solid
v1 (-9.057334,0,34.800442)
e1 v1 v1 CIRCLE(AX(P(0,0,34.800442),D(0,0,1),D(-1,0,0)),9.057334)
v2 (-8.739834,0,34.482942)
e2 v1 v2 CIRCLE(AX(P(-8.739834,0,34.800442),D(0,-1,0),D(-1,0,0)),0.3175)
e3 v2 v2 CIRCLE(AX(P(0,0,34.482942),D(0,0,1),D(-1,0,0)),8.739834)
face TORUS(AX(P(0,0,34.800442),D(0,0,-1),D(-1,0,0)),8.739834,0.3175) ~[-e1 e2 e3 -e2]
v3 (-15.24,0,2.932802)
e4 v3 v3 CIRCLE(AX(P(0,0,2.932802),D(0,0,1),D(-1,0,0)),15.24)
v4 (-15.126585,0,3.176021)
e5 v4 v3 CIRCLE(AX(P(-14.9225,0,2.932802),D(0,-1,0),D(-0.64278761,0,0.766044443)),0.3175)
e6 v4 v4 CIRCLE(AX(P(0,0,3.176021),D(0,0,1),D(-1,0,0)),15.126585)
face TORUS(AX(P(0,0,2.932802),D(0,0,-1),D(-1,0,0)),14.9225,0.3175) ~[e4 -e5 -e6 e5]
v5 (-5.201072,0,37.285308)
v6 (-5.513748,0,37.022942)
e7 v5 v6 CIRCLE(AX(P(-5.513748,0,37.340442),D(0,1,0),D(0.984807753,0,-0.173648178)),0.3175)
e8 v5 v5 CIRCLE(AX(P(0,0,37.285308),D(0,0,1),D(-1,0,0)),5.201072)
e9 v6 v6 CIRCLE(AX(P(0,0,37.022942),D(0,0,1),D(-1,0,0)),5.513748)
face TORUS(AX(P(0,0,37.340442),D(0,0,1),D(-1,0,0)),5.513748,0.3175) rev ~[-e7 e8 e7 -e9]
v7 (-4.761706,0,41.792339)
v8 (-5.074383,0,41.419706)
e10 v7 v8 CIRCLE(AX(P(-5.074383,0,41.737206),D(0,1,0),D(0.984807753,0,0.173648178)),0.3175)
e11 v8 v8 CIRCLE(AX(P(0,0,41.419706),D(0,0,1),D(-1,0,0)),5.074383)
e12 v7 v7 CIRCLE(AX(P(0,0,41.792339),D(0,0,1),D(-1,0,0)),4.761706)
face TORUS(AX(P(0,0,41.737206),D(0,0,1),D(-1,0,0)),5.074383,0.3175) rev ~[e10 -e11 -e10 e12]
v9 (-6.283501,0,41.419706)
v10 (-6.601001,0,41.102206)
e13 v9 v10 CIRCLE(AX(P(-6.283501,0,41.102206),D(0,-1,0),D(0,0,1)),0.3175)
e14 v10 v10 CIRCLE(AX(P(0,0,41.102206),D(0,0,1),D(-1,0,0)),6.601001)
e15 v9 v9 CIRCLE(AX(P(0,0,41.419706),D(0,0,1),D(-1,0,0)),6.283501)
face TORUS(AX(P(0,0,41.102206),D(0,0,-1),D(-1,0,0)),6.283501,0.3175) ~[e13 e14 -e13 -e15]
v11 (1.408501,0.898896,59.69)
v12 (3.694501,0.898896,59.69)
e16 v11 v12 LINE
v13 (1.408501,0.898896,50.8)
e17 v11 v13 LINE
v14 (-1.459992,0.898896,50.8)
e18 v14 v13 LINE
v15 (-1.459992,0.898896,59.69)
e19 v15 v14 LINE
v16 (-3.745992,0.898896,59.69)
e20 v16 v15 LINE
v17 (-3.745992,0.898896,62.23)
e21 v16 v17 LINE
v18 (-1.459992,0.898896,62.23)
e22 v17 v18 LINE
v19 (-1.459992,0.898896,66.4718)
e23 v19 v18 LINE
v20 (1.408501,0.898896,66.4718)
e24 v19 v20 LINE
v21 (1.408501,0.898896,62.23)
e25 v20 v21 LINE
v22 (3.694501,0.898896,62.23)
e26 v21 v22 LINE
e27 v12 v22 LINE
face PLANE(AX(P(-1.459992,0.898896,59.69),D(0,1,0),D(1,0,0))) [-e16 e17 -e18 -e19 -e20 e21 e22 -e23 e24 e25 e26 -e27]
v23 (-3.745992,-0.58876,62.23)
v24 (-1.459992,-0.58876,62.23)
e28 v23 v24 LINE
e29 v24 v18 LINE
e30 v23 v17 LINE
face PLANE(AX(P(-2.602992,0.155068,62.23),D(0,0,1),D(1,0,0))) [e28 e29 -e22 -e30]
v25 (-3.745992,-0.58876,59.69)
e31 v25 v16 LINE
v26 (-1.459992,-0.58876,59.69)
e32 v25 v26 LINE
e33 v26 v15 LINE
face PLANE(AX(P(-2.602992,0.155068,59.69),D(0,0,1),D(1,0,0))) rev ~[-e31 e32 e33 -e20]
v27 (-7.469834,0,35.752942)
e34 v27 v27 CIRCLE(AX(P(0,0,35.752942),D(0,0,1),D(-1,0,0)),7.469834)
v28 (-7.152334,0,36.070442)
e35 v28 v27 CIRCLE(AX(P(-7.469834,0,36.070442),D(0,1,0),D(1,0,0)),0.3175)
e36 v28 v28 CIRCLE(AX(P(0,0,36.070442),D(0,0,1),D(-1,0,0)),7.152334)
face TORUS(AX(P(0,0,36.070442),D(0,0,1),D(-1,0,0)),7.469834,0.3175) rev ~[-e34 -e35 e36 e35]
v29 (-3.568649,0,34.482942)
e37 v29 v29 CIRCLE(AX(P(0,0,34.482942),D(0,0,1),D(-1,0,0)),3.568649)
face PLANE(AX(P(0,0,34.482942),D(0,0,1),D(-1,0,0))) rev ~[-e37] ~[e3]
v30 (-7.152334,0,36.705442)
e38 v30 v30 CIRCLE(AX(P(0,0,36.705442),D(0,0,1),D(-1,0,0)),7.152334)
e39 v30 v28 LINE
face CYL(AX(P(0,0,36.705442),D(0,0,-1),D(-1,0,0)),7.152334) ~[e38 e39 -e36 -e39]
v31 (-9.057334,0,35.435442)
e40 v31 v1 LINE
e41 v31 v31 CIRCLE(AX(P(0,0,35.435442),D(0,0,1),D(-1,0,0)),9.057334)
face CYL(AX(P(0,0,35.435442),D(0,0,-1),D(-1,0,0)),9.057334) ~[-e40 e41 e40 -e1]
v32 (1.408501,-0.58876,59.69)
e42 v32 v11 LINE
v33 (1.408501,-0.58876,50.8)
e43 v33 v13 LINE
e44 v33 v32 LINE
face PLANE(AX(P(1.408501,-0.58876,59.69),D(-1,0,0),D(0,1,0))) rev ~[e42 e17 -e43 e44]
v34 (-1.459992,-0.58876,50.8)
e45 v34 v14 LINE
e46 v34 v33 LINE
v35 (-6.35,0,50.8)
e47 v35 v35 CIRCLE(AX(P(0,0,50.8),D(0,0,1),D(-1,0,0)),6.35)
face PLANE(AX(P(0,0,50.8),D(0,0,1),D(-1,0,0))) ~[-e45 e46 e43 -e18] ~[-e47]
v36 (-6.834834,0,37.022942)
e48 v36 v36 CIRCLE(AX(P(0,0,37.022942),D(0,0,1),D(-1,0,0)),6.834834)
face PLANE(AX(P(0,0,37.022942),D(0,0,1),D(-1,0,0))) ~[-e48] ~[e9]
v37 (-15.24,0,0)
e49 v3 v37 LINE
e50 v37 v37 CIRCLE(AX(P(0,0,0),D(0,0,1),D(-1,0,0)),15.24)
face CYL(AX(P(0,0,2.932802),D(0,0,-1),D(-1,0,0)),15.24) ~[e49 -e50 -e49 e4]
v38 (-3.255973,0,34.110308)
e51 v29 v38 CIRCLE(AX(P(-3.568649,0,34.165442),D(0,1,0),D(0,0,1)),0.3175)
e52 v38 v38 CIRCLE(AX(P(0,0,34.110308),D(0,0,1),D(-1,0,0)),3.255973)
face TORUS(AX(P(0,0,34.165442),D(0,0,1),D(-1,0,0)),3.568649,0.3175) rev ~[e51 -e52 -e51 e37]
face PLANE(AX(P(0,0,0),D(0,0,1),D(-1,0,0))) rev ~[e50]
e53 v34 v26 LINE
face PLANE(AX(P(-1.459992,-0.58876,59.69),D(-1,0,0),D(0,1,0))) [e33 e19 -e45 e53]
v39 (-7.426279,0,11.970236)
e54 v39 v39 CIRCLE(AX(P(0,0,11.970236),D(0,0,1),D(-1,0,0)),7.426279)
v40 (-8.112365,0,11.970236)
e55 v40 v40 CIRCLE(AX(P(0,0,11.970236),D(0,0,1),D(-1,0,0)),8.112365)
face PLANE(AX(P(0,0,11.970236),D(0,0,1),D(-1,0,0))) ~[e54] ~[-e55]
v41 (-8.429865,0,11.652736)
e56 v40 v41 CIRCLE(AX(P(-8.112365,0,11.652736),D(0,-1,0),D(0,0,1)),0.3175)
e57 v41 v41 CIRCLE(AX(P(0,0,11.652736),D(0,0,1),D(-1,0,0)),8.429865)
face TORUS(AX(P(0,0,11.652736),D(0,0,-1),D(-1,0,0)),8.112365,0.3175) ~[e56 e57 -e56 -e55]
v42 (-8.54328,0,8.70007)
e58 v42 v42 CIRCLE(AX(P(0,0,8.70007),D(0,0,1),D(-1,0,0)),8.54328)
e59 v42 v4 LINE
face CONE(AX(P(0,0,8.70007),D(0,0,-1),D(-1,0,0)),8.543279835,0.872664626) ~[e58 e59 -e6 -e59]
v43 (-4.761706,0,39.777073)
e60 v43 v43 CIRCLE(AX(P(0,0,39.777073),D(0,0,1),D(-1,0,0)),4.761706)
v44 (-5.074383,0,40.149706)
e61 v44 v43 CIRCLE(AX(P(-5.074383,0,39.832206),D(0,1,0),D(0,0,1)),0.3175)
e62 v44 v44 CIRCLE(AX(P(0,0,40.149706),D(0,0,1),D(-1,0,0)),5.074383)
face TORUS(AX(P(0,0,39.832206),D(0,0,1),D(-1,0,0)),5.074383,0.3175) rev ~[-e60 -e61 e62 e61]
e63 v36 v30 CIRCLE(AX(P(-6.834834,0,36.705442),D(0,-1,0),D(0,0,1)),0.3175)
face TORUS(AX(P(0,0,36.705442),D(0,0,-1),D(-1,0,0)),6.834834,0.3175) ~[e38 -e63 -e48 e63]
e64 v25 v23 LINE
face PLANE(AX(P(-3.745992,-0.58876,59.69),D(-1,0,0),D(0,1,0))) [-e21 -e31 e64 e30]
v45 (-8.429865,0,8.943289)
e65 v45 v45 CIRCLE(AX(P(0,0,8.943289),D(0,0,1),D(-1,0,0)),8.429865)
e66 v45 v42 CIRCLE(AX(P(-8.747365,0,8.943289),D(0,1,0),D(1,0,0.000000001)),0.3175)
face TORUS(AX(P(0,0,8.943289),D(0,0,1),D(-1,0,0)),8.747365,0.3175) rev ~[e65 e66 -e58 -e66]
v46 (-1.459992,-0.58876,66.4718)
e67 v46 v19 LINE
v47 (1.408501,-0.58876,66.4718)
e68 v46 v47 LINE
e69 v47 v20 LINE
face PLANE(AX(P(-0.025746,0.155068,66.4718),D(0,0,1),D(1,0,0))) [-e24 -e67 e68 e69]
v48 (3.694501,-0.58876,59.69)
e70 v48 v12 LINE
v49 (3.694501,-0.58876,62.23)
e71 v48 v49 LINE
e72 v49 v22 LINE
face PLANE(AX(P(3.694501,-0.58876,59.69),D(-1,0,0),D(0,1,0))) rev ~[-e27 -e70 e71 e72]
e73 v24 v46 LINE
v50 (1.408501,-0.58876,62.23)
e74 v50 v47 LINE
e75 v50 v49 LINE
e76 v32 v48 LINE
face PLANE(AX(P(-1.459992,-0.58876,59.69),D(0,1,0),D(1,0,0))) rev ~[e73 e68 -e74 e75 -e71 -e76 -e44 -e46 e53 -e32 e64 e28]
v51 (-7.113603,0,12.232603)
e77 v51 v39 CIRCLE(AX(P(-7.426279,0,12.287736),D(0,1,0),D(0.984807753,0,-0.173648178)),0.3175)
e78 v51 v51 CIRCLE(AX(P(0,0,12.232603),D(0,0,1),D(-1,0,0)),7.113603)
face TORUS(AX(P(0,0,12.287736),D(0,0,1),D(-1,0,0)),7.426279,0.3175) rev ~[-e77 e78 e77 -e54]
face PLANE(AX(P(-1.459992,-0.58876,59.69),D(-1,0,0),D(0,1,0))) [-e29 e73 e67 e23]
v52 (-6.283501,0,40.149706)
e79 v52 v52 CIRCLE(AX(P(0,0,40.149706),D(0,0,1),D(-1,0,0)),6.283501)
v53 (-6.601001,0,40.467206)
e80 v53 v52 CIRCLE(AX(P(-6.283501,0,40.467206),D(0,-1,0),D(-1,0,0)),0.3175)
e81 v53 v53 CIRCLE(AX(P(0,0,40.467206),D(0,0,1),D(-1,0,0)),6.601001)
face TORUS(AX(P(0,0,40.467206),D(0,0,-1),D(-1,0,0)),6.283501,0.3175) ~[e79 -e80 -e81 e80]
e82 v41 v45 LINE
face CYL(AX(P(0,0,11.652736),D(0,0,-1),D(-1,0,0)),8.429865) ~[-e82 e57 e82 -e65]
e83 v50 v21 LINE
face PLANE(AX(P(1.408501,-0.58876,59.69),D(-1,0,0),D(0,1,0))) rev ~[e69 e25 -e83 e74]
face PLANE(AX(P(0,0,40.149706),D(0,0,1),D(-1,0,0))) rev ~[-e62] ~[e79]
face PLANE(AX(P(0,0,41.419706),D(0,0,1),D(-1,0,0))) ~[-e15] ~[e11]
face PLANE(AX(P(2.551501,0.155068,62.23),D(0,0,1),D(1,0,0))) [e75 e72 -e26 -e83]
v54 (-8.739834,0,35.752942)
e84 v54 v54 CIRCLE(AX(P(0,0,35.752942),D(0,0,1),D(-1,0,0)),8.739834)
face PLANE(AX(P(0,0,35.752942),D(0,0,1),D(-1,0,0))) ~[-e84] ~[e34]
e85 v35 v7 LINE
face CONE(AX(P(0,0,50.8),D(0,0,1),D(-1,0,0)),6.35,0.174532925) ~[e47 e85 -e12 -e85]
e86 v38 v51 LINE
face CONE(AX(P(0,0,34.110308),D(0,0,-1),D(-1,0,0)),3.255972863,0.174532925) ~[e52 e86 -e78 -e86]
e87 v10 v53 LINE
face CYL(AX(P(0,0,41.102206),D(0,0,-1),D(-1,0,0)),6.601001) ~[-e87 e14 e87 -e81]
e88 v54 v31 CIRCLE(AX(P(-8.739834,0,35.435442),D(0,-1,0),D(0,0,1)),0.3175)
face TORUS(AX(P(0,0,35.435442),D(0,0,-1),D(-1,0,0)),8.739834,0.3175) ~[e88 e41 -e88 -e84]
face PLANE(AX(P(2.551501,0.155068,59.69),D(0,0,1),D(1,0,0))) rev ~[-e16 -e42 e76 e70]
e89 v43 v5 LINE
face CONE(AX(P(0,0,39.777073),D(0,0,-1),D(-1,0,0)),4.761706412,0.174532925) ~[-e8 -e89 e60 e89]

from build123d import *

# Parameters (mm, degrees)
F2_W     = 2.8684928548
F2_H     = 1.4876559726
F3_DEPTH = 8.89
F4_W     = 2.8684928548
F4_H     = 1.4876559726
F5_DEPTH = 6.7818
F4_W_2   = 2.286
F6_DEPTH = 2.54


with BuildPart() as f1:
    # F0 (on Front) → F1 (revolve)
    with BuildSketch(Plane.XZ):
        with BuildLine():
            Line((-15.24, 0), (0, 0))
            Line((0, 0), (0, 50.8))
            Line((0, 50.8), (-6.35, 50.8))
            Line((-6.35, 50.8), (-4.7617064118, 41.792339449))
            ThreePointArc((-4.7617064118, 41.792339449), (-4.8311637627, 41.5331210865), (-5.0743828734, 41.4197061526))
            Line((-5.0743828734, 41.4197061526), (-6.2835011077, 41.4197061526))
            ThreePointArc((-6.2835011077, 41.4197061526), (-6.5080075107, 41.3267125556), (-6.6010011077, 41.1022061526))
            Line((-6.6010011077, 41.1022061526), (-6.6010011077, 40.4672061526))
            ThreePointArc((-6.6010011077, 40.4672061526), (-6.5080075107, 40.2426997495), (-6.2835011077, 40.1497061526))
            Line((-6.2835011077, 40.1497061526), (-5.0743828734, 40.1497061526))
            ThreePointArc((-5.0743828734, 40.1497061526), (-4.8311637627, 40.0362912186), (-4.7617064118, 39.7770728561))
            Line((-4.7617064118, 39.7770728561), (-5.2010717431, 37.2853082403))
            ThreePointArc((-5.2010717431, 37.2853082403), (-5.3096631386, 37.0972224261), (-5.5137482047, 37.0229415367))
            Line((-5.5137482047, 37.0229415367), (-6.8348340718, 37.0229415367))
            ThreePointArc((-6.8348340718, 37.0229415367), (-7.0593404748, 36.9299479398), (-7.1523340718, 36.7054415367))
            Line((-7.1523340718, 36.7054415367), (-7.1523340718, 36.0704415367))
            ThreePointArc((-7.1523340718, 36.0704415367), (-7.2453276688, 35.8459351337), (-7.4698340718, 35.7529415367))
            Line((-7.4698340718, 35.7529415367), (-8.7398340718, 35.7529415367))
            ThreePointArc((-8.7398340718, 35.7529415367), (-8.9643404748, 35.6599479398), (-9.0573340718, 35.4354415367))
            Line((-9.0573340718, 35.4354415367), (-9.0573340718, 34.8004415367))
            ThreePointArc((-9.0573340718, 34.8004415367), (-8.9643404748, 34.5759351337), (-8.7398340718, 34.4829415367))
            Line((-8.7398340718, 34.4829415367), (-3.5686493249, 34.4829415367))
            ThreePointArc((-3.5686493249, 34.4829415367), (-3.3254302142, 34.3695266028), (-3.2559728633, 34.1103082403))
            Line((-3.2559728633, 34.1103082403), (-7.113602572, 12.2326030065))
            ThreePointArc((-7.113602572, 12.2326030065), (-7.2221939675, 12.0445171922), (-7.4262790336, 11.9702363029))
            Line((-7.4262790336, 11.9702363029), (-8.1123649007, 11.9702363029))
            ThreePointArc((-8.1123649007, 11.9702363029), (-8.3368713037, 11.8772427059), (-8.4298649007, 11.6527363029))
            Line((-8.4298649007, 11.6527363029), (-8.4298649007, 8.9432889844))
            ThreePointArc((-8.4298649007, 8.9432889844), (-8.4596121783, 8.8091076862), (-8.5432798346, 8.7000698737))
            Line((-8.5432798346, 8.7000698737), (-15.1265850661, 3.176020882))
            ThreePointArc((-15.1265850661, 3.176020882), (-15.2102527224, 3.0669830694), (-15.24, 2.9328017713))
            Line((-15.24, 2.9328017713), (-15.24, 0))
        make_face()
    revolve(axis=Axis((0, 0, 25.4), (0, 0, 1)))

    # F2 (on face) → F3 (join)
    with BuildSketch(Plane.XY.offset(50.8)):
        with Locations((-0.0257457141, 0.1550679153)):
            Rectangle(F2_W, F2_H)
    extrude(amount=F3_DEPTH)

    # F4 (on face) → F5 (join)
    with BuildSketch(Plane.XY.offset(59.69)):
        with Locations((-0.0257457141, 0.1550679153)):
            Rectangle(F4_W, F4_H)
    extrude(amount=F5_DEPTH)

    # F4 (on face) → F6 (join)
    with BuildSketch(Plane.XY.offset(59.69)):
        with Locations((2.5515007133, 0.1550679153)):
            Rectangle(F4_W_2, F4_H)
        with Locations((-2.6029921415, 0.1550679153)):
            Rectangle(F4_W_2, F4_H)
    extrude(amount=F6_DEPTH)

    # F0 (on Front) → F7 (revolve)
    with BuildSketch(Plane.XZ):
        with BuildLine():
            Line((-15.24, 0), (0, 0))
            Line((0, 0), (0, 50.8))
            Line((0, 50.8), (-6.35, 50.8))
            Line((-6.35, 50.8), (-4.7617064118, 41.792339449))
            ThreePointArc((-4.7617064118, 41.792339449), (-4.8311637627, 41.5331210865), (-5.0743828734, 41.4197061526))
            Line((-5.0743828734, 41.4197061526), (-6.2835011077, 41.4197061526))
            ThreePointArc((-6.2835011077, 41.4197061526), (-6.5080075107, 41.3267125556), (-6.6010011077, 41.1022061526))
            Line((-6.6010011077, 41.1022061526), (-6.6010011077, 40.4672061526))
            ThreePointArc((-6.6010011077, 40.4672061526), (-6.5080075107, 40.2426997495), (-6.2835011077, 40.1497061526))
            Line((-6.2835011077, 40.1497061526), (-5.0743828734, 40.1497061526))
            ThreePointArc((-5.0743828734, 40.1497061526), (-4.8311637627, 40.0362912186), (-4.7617064118, 39.7770728561))
            Line((-4.7617064118, 39.7770728561), (-5.2010717431, 37.2853082403))
            ThreePointArc((-5.2010717431, 37.2853082403), (-5.3096631386, 37.0972224261), (-5.5137482047, 37.0229415367))
            Line((-5.5137482047, 37.0229415367), (-6.8348340718, 37.0229415367))
            ThreePointArc((-6.8348340718, 37.0229415367), (-7.0593404748, 36.9299479398), (-7.1523340718, 36.7054415367))
            Line((-7.1523340718, 36.7054415367), (-7.1523340718, 36.0704415367))
            ThreePointArc((-7.1523340718, 36.0704415367), (-7.2453276688, 35.8459351337), (-7.4698340718, 35.7529415367))
            Line((-7.4698340718, 35.7529415367), (-8.7398340718, 35.7529415367))
            ThreePointArc((-8.7398340718, 35.7529415367), (-8.9643404748, 35.6599479398), (-9.0573340718, 35.4354415367))
            Line((-9.0573340718, 35.4354415367), (-9.0573340718, 34.8004415367))
            ThreePointArc((-9.0573340718, 34.8004415367), (-8.9643404748, 34.5759351337), (-8.7398340718, 34.4829415367))
            Line((-8.7398340718, 34.4829415367), (-3.5686493249, 34.4829415367))
            ThreePointArc((-3.5686493249, 34.4829415367), (-3.3254302142, 34.3695266028), (-3.2559728633, 34.1103082403))
            Line((-3.2559728633, 34.1103082403), (-7.113602572, 12.2326030065))
            ThreePointArc((-7.113602572, 12.2326030065), (-7.2221939675, 12.0445171922), (-7.4262790336, 11.9702363029))
            Line((-7.4262790336, 11.9702363029), (-8.1123649007, 11.9702363029))
            ThreePointArc((-8.1123649007, 11.9702363029), (-8.3368713037, 11.8772427059), (-8.4298649007, 11.6527363029))
            Line((-8.4298649007, 11.6527363029), (-8.4298649007, 8.9432889844))
            ThreePointArc((-8.4298649007, 8.9432889844), (-8.4596121783, 8.8091076862), (-8.5432798346, 8.7000698737))
            Line((-8.5432798346, 8.7000698737), (-15.1265850661, 3.176020882))
            ThreePointArc((-15.1265850661, 3.176020882), (-15.2102527224, 3.0669830694), (-15.24, 2.9328017713))
            Line((-15.24, 2.9328017713), (-15.24, 0))
        make_face()
    revolve(axis=Axis((0, 0, 25.4), (0, 0, 1)))


solid = f1.part
